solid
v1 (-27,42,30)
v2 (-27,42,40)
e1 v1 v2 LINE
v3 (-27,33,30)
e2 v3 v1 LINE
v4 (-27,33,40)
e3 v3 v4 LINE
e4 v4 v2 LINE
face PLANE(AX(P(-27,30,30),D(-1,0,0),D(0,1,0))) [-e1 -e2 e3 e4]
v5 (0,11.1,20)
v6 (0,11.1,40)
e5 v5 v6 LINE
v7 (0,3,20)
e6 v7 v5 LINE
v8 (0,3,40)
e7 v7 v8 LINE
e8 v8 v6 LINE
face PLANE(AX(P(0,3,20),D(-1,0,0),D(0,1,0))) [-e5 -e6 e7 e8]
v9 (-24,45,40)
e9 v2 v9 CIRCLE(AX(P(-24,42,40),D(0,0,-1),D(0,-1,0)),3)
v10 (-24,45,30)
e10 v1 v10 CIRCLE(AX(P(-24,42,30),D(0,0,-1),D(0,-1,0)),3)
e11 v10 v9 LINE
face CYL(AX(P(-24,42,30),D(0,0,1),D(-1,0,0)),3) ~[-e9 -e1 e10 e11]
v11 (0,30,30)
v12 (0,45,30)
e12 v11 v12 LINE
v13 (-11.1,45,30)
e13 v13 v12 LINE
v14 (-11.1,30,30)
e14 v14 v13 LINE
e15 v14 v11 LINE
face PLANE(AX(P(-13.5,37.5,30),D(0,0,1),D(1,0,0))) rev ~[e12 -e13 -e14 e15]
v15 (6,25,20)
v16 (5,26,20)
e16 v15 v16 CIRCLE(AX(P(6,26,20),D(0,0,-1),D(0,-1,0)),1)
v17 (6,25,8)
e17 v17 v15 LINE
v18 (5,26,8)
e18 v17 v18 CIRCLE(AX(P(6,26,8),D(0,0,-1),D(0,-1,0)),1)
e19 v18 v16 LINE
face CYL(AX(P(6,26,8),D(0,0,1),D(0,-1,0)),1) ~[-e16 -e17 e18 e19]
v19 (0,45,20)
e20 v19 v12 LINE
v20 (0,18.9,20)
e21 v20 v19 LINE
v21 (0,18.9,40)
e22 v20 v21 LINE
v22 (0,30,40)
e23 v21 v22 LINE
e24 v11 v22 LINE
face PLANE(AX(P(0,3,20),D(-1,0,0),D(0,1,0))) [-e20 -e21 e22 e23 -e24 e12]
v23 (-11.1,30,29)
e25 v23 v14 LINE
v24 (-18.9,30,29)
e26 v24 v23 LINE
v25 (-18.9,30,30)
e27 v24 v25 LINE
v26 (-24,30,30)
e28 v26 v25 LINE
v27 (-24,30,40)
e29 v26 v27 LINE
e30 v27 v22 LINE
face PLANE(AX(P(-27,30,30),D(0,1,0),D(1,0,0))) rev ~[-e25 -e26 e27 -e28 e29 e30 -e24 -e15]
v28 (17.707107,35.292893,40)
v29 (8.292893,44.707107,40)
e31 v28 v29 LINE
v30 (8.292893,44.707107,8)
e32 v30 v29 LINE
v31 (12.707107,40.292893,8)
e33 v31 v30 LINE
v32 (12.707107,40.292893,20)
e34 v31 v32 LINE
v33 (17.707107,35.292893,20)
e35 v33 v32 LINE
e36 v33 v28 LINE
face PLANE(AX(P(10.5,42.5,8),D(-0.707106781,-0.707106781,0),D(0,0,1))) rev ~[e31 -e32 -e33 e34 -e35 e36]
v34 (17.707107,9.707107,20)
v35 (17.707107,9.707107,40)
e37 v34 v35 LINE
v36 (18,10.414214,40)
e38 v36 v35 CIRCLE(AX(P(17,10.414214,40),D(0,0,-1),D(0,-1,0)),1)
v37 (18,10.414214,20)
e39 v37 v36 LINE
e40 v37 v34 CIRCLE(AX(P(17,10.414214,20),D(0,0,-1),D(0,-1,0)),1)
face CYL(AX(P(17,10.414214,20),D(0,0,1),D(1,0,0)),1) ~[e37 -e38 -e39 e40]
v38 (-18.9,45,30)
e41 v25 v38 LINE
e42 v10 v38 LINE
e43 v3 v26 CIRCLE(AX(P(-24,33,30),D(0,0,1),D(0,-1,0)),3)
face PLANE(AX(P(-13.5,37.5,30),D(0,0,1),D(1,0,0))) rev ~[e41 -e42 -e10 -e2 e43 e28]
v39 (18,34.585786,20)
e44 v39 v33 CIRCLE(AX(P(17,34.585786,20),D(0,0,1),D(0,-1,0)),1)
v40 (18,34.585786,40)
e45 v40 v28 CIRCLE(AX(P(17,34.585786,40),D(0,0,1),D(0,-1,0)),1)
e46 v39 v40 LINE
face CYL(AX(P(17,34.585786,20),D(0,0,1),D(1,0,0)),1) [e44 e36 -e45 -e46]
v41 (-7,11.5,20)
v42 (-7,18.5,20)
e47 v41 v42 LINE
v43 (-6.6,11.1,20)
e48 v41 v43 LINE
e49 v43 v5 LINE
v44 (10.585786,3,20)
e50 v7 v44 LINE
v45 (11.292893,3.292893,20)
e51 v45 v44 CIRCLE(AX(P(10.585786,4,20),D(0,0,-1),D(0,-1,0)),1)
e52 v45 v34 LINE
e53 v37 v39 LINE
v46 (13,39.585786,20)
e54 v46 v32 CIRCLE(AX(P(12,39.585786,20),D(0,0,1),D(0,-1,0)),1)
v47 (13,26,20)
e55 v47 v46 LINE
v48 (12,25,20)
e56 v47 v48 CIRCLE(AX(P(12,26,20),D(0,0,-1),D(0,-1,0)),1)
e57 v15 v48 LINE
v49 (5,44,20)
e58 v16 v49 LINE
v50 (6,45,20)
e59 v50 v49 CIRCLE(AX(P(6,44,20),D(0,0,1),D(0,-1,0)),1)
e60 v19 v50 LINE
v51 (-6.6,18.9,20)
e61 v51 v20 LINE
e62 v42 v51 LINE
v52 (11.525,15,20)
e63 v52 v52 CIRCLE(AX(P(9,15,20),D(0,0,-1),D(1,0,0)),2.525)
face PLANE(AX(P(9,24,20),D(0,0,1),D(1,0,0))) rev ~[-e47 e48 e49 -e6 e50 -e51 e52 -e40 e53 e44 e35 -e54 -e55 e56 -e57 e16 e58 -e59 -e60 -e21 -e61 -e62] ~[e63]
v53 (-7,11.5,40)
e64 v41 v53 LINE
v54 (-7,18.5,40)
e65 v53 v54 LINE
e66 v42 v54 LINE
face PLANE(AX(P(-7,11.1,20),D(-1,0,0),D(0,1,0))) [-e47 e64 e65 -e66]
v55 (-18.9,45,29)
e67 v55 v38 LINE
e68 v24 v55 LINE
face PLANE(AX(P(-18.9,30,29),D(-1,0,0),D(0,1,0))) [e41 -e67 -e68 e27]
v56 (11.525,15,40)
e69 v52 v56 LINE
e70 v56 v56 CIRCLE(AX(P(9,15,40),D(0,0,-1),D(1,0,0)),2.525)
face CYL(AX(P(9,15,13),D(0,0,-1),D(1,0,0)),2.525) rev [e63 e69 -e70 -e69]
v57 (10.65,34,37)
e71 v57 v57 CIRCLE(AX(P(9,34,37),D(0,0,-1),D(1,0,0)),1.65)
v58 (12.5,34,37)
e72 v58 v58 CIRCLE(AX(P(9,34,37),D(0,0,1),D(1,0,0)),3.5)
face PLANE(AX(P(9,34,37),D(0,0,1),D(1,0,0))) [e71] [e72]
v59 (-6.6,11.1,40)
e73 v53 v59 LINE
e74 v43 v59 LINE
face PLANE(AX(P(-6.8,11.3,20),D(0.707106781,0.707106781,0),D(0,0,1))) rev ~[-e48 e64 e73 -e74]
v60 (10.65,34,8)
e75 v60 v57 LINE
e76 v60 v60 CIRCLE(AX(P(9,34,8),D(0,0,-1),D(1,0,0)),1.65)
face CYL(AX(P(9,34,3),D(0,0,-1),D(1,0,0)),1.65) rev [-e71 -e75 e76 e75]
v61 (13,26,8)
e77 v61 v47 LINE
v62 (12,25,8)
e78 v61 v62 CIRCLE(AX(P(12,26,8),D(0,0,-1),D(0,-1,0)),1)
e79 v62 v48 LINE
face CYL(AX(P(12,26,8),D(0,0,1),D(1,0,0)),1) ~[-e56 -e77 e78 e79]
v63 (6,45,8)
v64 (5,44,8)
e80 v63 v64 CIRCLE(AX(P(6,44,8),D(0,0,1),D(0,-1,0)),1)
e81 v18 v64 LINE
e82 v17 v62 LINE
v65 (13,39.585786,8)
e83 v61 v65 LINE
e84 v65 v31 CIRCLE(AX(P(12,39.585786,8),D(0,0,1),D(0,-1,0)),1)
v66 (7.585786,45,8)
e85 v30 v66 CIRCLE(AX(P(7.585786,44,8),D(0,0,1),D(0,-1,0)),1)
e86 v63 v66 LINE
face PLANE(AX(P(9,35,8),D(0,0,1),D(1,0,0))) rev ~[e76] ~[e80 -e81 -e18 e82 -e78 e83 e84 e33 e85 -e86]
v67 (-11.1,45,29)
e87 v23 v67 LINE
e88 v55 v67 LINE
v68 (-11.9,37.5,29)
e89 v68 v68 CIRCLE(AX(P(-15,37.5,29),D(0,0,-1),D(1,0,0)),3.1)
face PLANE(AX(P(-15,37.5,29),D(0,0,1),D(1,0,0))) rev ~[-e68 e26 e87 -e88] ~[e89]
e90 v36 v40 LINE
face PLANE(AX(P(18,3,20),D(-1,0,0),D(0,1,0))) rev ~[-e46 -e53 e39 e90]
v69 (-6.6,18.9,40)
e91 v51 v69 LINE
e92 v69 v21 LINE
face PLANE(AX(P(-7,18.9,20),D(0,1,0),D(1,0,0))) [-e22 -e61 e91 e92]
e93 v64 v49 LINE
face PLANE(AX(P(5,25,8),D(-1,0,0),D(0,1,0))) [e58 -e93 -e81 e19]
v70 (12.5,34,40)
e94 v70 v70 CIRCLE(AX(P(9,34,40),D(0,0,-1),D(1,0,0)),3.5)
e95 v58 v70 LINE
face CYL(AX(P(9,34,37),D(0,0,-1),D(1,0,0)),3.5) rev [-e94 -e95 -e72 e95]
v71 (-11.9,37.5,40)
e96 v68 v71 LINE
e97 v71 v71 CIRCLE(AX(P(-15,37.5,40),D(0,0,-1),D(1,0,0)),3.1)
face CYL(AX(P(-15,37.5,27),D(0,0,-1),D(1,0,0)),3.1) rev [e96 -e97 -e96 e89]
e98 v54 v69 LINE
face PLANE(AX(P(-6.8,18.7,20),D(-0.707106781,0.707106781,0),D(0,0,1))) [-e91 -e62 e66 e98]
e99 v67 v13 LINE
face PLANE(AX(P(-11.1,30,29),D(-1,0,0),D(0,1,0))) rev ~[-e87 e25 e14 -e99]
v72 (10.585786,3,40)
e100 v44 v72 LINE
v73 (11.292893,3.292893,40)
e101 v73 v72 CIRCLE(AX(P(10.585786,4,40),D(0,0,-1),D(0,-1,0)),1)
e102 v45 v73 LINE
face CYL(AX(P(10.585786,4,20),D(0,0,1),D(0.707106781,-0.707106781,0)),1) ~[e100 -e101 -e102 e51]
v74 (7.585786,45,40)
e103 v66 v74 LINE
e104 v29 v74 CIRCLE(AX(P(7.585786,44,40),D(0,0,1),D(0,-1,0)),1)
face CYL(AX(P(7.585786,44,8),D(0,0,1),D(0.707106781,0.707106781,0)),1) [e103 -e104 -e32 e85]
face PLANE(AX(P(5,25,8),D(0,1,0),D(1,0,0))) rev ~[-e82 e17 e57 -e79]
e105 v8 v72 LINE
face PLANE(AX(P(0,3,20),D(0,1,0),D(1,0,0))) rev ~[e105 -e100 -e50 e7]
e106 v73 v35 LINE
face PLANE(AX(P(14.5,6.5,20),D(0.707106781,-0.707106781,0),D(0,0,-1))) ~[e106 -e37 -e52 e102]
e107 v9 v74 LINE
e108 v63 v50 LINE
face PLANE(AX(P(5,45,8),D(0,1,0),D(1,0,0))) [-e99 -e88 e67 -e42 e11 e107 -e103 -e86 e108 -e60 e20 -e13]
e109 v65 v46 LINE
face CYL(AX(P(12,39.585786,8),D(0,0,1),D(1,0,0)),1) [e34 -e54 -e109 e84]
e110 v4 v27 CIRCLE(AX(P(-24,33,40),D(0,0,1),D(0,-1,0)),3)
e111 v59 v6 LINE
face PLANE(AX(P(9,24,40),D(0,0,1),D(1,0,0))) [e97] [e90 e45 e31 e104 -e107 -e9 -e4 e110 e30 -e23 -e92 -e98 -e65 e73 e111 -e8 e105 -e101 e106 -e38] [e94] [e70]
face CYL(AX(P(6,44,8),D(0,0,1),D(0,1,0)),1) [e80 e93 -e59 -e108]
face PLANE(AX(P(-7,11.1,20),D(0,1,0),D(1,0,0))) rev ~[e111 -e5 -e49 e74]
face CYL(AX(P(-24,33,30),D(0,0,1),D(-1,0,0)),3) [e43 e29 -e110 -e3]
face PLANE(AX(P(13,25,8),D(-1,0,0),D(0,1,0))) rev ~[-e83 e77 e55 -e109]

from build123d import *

# Parameters (mm, degrees)
CYLINDER005_R     = 1.65
CYLINDER005_DEPTH = 40
CYLINDER001_R     = 2.525
CYLINDER001_DEPTH = 35
CYLINDER006_R     = 3.5
CYLINDER006_DEPTH = 10
CYLINDER_R        = 3.1
CYLINDER_DEPTH    = 15
BOX001_W          = 18
BOX001_H          = 42
BOX001_DEPTH      = 20
CHAMFER013_SIZE   = 7
CHAMFER016_SIZE   = 10
FILLET002_R       = 1
BOX002_W          = 7
BOX002_H          = 7.8
BOX002_DEPTH      = 20
CHAMFER011_SIZE   = 0.4
BOX015_W          = 8
BOX015_H          = 20
BOX015_DEPTH      = 12
CHAMFER009_SIZE   = 5
FILLET001_R       = 1
FILLET003_R       = 1
BOX013_W          = 7.8
BOX013_H          = 15
BOX013_DEPTH      = 1
BOX011_W          = 27
BOX011_H          = 15
BOX011_DEPTH      = 10
FILLET_R          = 3


with BuildPart() as cylinder005:
    # Cylinder005 → Cylinder005 (new body)
    with BuildSketch(Plane(origin=(9, 34, 3), x_dir=(1, 0, 0), z_dir=(0, 0, 1))):
        Circle(CYLINDER005_R)
    extrude(amount=CYLINDER005_DEPTH)


with BuildPart() as cylinder001:
    # Cylinder001 → Cylinder001 (new body)
    with BuildSketch(Plane(origin=(9, 15, 13), x_dir=(1, 0, 0), z_dir=(0, 0, 1))):
        Circle(CYLINDER001_R)
    extrude(amount=CYLINDER001_DEPTH)


with BuildPart() as cylinder006:
    # Cylinder006 → Cylinder006 (new body)
    with BuildSketch(Plane(origin=(9, 34, 37), x_dir=(1, 0, 0), z_dir=(0, 0, 1))):
        Circle(CYLINDER006_R)
    extrude(amount=CYLINDER006_DEPTH)


with BuildPart() as cylinder:
    # Cylinder → Cylinder (new body)
    with BuildSketch(Plane(origin=(-15, 37.5, 27), x_dir=(1, 0, 0), z_dir=(0, 0, 1))):
        Circle(CYLINDER_R)
    extrude(amount=CYLINDER_DEPTH)


with BuildPart() as fillet002:
    # Box001 → Box001 (new body)
    with BuildSketch(Plane(origin=(0, 3, 20), x_dir=(1, 0, 0), z_dir=(0, 0, 1))):
        with Locations((9, 21)):
            Rectangle(BOX001_W, BOX001_H)
    extrude(amount=BOX001_DEPTH)

    # Chamfer013
    chamfer013_edges = [fillet002.edges().sort_by_distance(p)[0] for p in [
        (18, 3, 30),
    ]]
    chamfer(chamfer013_edges, length=CHAMFER013_SIZE)

    # Chamfer016
    chamfer016_edges = [fillet002.edges().sort_by_distance(p)[0] for p in [
        (18, 45, 30),
    ]]
    chamfer(chamfer016_edges, length=CHAMFER016_SIZE)

    # Fillet002
    fillet002_edges = [fillet002.edges().sort_by_distance(p)[0] for p in [
        (18, 35, 30),
        (18, 10, 30),
        (8, 45, 30),
        (11, 3, 30),
    ]]
    fillet(fillet002_edges, radius=FILLET002_R)


with BuildPart() as chamfer011:
    # Box002 → Box002 (new body)
    with BuildSketch(Plane(origin=(-7, 11.1, 20), x_dir=(1, 0, 0), z_dir=(0, 0, 1))):
        with Locations((3.5, 3.9)):
            Rectangle(BOX002_W, BOX002_H)
    extrude(amount=BOX002_DEPTH)

    # Chamfer011
    chamfer011_edges = [chamfer011.edges().sort_by_distance(p)[0] for p in [
        (-7, 11.1, 30),
        (-7, 18.9, 30),
    ]]
    chamfer(chamfer011_edges, length=CHAMFER011_SIZE)


with BuildPart() as fillet003:
    # Box015 → Box015 (new body)
    with BuildSketch(Plane(origin=(7, 25, 8), x_dir=(1, 0, 0), z_dir=(0, 0, 1))):
        with Locations((4, 10)):
            Rectangle(BOX015_W, BOX015_H)
    extrude(amount=BOX015_DEPTH)

    # Chamfer009
    chamfer009_edges = [fillet003.edges().sort_by_distance(p)[0] for p in [
        (15, 45, 14),
    ]]
    chamfer(chamfer009_edges, length=CHAMFER009_SIZE)

    # Fillet001
    fillet001_edges = [fillet003.edges().sort_by_distance(p)[0] for p in [
        (15, 40, 14),
        (15, 25, 14),
        (7, 25, 14),
        (7, 45, 14),
    ]]
    fillet(fillet001_edges, radius=FILLET001_R)


with BuildPart() as fillet003_1:
    # Fillet001 placement: moved
    add(fillet003.part.moved(Location((-2, 0, 0))))

    # Fillet003
    fillet003_edges = [fillet003_1.edges().sort_by_distance(p)[0] for p in [
        (8, 45, 14),
    ]]
    fillet(fillet003_edges, radius=FILLET003_R)


with BuildPart() as cube013:
    # Box013 → Box013 (new body)
    with BuildSketch(Plane(origin=(-18.9, 30, 29), x_dir=(1, 0, 0), z_dir=(0, 0, 1))):
        with Locations((3.9, 7.5)):
            Rectangle(BOX013_W, BOX013_H)
    extrude(amount=BOX013_DEPTH)


with BuildPart() as cut002002002007004:
    # Box011 → Box011 (new body)
    with BuildSketch(Plane(origin=(-27, 30, 30), x_dir=(1, 0, 0), z_dir=(0, 0, 1))):
        with Locations((13.5, 7.5)):
            Rectangle(BOX011_W, BOX011_H)
    extrude(amount=BOX011_DEPTH)

    # Fillet
    fillet_edges = [cut002002002007004.edges().sort_by_distance(p)[0] for p in [
        (-27, 30, 35),
        (-27, 45, 35),
    ]]
    fillet(fillet_edges, radius=FILLET_R)

    # Fusion: union Cube013
    add(cube013.part)

    # Fusion006004: union Fillet002, Chamfer011, Fillet003
    add(fillet002.part)
    add(chamfer011.part)
    add(fillet003_1.part)

    # Cut: cut Cylinder
    add(cylinder.part, mode=Mode.SUBTRACT)

    # Cut002002002007002: cut Cylinder006
    add(cylinder006.part, mode=Mode.SUBTRACT)

    # Cut002002002007003: cut Cylinder001
    add(cylinder001.part, mode=Mode.SUBTRACT)

    # Cut002002002007004: cut Cylinder005
    add(cylinder005.part, mode=Mode.SUBTRACT)


solid = cut002002002007004.part
